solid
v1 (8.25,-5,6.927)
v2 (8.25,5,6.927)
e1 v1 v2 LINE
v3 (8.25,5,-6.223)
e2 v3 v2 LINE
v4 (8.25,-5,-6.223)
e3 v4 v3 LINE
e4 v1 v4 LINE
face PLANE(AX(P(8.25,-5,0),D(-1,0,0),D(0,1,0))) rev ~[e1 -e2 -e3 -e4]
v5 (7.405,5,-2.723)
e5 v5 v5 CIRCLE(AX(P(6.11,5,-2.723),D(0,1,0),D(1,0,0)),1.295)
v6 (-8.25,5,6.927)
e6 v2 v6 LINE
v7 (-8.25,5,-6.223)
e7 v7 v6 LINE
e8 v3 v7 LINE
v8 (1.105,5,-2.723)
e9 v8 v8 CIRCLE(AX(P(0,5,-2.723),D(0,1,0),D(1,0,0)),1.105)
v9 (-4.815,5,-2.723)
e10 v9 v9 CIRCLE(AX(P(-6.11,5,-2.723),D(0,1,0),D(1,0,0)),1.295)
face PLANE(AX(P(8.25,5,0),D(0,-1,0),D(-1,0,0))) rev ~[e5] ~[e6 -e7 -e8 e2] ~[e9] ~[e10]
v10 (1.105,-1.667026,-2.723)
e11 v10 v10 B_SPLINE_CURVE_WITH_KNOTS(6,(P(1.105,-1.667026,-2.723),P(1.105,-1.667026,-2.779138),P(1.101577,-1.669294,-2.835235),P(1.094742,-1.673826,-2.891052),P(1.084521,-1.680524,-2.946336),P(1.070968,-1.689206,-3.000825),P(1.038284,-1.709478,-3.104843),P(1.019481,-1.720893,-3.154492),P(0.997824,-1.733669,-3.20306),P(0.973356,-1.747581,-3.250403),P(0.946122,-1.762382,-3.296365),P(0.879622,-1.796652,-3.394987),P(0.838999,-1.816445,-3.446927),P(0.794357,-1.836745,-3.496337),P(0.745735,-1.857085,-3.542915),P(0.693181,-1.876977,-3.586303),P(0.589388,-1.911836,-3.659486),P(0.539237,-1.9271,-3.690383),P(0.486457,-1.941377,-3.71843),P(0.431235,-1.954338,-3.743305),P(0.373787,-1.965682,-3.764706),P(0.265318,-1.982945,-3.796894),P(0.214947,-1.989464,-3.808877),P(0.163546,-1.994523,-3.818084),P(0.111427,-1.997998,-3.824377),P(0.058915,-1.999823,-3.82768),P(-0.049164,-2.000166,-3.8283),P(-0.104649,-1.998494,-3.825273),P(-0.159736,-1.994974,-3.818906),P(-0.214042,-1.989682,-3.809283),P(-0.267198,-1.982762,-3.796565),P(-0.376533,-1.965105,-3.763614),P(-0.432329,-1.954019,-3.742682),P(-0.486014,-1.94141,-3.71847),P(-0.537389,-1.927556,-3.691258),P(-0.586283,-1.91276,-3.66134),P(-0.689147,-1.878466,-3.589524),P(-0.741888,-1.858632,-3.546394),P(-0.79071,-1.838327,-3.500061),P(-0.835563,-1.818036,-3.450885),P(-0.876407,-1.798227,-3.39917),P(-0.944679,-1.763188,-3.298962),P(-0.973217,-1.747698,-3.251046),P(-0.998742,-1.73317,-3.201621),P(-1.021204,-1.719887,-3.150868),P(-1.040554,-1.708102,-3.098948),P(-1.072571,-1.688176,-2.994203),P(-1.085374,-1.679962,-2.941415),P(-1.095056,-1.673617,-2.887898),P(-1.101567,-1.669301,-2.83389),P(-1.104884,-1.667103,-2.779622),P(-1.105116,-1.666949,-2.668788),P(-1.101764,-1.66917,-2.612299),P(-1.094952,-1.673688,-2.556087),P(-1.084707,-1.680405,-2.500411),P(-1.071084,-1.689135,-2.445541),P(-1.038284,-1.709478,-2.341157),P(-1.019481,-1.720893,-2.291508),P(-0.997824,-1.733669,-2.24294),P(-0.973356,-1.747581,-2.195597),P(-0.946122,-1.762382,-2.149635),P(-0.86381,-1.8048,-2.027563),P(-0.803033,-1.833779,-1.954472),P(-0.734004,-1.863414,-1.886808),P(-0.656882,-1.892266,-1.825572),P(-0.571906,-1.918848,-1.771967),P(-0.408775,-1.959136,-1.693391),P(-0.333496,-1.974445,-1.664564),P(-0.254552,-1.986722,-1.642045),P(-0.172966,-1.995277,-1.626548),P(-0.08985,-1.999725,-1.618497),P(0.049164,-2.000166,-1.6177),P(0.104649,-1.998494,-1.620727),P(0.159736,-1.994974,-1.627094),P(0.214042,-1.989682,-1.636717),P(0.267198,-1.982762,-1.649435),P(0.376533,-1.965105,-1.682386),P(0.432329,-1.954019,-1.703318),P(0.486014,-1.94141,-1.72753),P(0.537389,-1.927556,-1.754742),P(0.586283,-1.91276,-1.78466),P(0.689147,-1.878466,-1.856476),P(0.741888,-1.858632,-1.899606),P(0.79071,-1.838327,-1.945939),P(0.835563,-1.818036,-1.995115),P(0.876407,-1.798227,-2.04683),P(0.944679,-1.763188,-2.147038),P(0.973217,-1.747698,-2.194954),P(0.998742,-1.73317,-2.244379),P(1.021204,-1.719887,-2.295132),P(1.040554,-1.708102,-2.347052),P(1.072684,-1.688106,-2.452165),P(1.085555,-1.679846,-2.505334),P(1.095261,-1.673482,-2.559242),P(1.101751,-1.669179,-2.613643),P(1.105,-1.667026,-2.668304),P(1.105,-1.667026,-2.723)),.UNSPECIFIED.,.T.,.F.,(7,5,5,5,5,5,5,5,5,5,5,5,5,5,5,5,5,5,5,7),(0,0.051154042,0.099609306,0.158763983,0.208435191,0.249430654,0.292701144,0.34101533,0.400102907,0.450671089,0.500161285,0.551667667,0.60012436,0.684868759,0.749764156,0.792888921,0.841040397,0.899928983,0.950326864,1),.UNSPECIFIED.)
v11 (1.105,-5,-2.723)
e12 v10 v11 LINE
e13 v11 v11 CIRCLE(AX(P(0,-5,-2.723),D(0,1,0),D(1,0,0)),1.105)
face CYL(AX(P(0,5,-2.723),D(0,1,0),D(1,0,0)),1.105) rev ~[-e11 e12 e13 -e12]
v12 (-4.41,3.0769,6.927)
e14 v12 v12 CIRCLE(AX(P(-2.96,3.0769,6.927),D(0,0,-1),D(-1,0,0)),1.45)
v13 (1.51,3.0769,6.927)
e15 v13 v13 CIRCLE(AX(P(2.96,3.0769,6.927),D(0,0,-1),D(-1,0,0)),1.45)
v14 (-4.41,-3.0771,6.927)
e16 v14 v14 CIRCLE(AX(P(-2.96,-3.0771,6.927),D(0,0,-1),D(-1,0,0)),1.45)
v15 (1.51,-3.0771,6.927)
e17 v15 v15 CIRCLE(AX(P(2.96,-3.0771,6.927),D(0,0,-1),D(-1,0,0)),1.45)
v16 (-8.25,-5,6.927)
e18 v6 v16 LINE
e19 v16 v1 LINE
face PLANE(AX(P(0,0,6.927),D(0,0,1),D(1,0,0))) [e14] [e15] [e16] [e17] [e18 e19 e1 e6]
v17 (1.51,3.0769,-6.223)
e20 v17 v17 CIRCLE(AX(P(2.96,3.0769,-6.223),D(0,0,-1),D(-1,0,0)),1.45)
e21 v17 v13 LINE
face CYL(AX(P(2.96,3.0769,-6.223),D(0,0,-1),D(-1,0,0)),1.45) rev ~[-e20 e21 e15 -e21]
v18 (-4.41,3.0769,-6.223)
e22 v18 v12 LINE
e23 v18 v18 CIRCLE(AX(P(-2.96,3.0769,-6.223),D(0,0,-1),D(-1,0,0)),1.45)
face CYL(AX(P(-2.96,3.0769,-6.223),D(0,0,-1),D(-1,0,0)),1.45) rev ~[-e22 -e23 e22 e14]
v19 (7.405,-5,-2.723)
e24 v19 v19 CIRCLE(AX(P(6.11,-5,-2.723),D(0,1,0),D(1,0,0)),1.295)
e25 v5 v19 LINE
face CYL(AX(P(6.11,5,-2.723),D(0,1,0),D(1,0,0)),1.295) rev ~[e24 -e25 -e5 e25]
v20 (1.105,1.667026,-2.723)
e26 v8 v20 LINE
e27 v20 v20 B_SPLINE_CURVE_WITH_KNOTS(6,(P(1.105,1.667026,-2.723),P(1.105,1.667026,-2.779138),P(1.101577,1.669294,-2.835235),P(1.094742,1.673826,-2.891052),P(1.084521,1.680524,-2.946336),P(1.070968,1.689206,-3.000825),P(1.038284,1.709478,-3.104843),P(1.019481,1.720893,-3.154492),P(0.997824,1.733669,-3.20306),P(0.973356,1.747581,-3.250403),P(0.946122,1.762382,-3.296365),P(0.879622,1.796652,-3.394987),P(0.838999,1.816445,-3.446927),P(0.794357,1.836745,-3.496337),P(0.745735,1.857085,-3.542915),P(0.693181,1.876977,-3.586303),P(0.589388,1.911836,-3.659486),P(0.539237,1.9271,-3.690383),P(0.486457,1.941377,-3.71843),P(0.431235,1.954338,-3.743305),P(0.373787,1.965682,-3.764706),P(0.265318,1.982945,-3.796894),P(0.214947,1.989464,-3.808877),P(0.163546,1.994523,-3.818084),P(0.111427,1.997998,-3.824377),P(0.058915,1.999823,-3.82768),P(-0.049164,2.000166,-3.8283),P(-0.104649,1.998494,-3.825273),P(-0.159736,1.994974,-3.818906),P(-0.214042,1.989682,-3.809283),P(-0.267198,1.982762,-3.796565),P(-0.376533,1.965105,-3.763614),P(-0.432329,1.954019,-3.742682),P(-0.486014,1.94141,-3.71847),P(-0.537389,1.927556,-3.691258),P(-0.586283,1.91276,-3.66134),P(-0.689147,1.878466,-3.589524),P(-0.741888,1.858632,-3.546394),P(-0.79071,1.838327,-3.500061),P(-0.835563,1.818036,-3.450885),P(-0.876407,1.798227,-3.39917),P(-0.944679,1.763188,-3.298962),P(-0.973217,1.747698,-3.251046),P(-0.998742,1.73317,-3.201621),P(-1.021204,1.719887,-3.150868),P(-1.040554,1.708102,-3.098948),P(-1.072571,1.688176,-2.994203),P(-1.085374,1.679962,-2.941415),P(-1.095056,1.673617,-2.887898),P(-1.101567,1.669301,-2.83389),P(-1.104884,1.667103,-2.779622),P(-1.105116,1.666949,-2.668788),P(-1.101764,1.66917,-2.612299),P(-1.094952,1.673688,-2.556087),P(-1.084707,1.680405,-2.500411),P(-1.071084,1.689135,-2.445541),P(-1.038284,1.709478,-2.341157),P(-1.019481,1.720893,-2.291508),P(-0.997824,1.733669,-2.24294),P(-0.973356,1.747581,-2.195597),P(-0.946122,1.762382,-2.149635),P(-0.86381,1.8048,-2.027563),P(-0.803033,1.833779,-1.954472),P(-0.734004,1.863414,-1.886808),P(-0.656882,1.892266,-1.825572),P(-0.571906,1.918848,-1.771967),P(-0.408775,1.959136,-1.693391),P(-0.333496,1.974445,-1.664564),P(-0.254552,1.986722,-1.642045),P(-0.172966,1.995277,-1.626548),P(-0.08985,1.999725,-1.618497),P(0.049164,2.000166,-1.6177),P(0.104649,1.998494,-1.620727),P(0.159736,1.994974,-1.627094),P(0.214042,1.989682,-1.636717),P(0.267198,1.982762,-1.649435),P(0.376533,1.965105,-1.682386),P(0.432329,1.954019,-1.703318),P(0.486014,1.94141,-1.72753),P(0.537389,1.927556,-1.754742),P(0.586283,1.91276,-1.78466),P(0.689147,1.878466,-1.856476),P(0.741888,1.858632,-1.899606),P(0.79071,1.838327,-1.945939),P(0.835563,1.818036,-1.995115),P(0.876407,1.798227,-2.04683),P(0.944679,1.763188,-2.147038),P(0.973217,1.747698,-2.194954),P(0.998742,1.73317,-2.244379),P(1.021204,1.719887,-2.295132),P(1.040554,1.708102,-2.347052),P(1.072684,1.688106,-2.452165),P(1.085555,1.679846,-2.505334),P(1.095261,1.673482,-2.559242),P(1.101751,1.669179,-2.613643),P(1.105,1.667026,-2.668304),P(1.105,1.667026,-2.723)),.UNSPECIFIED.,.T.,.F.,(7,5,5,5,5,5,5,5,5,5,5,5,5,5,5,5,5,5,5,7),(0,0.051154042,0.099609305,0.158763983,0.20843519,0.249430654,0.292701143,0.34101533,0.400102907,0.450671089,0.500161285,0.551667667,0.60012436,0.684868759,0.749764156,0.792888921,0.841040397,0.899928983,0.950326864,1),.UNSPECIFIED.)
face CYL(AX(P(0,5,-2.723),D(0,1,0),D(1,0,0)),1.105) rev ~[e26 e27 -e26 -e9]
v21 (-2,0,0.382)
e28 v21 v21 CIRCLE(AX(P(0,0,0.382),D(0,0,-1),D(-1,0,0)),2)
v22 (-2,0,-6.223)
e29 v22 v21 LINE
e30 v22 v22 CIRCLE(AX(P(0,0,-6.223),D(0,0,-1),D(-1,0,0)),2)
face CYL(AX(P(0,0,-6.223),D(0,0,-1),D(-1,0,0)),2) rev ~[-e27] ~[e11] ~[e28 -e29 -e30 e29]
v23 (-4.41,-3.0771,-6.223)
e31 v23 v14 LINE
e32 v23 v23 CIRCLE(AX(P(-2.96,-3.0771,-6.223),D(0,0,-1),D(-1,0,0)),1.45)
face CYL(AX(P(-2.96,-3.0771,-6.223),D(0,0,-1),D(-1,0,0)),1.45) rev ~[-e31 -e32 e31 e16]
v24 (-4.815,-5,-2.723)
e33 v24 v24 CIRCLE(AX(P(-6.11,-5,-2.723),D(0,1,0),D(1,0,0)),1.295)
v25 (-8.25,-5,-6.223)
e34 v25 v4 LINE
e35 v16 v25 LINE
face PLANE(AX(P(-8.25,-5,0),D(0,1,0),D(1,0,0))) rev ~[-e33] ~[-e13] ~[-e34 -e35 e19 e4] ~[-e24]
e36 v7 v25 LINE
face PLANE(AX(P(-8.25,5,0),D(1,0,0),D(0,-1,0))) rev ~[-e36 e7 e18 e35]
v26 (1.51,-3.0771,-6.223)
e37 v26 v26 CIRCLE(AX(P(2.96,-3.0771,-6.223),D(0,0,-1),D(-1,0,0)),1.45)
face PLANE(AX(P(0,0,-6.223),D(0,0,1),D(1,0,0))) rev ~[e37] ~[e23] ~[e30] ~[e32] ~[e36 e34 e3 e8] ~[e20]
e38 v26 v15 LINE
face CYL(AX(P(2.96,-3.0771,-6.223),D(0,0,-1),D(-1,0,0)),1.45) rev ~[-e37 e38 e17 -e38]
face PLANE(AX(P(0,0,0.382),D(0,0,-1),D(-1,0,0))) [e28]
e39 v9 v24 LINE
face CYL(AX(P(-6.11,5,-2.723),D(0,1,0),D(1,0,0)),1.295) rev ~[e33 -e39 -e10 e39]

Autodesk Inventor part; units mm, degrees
ref_plane "YZ Plane" through (0, 0, 0) normal (1, 0, 0) x (0, 1, 0)
ref_plane "XZ Plane" through (0, 0, 0) normal (0, 1, 0) x (-1, 0, 0)
ref_plane "XY Plane" through (0, 0, 0) normal (0, 0, 1) x (1, 0, 0)
sketch "Sketch1" plane through (0, 0, 0) normal (0, 0, 1) x (1, 0, 0)
  line L0 (8.25, 5) -> (-8.25, 5)
  line L1 (-8.25, 5) -> (-8.25, -5)
  line L2 (-8.25, -5) -> (8.25, -5)
  line L3 (8.25, -5) -> (8.25, 5)
  point P0 (0, 0)
  dimension "d19" = 10
  dimension "d36" = 16.5
  dimension "d37" = 5
extrude "Box" add sketch "Sketch1" along normal blind 6.927 and the other way blind 6.223
sketch "Sketch3" plane through (0, 0, -6.223) normal (0, 0, -1) x (-1, 0, 0)
  line L0 (-5.08, 0) -> (5.08, 0) construction
  line L1 (-4.75, 0) -> (4.75, 0) construction
  circle A0 centre (0, 0) radius 2
  dimension "d35" = 4
extrude "Slot" cut sketch "Sketch3" against normal blind 6.605
sketch "Sketch4" plane through (0, 0, -6.223) normal (0, 0, -1) x (-1, 0, 0)
  circle A0 centre (-2.96, 3.0769) radius 1.45
  line L0 (8.25, 5) -> (-8.25, 5) projected
  circle A1 centre (0, 0) radius 2 projected
  line L1 (-8.25, 5) -> (-8.25, -5) projected
  dimension "d32" = 2.9
  dimension "d34" = 1.9231
  dimension "d39" = 5.29
  dimension "d40" = 5
extrude "MountingHole" cut sketch "Sketch4" against normal blind 15 contours A0
pattern_linear "Mounting Holes" count 2 spacing 5.92 along (-1, 0, 0) count 2 spacing 6.154 along (0, -1, 0) of "MountingHole"
sketch "Sketch6" plane through (-8.25, 5, 6.927) normal (0, 1, 0) x (1, 0, 0)
  circle A0 centre (8.25, 9.65) radius 1.105
  line L0 (0, 13.15) -> (16.5, 13.15) projected
  dimension "d20" = 2.21
  dimension "d46" = 3.5
extrude "CentralSMAHole" cut sketch "Sketch6" against normal blind 12
sketch "Sketch8" plane through (-8.25, 5, 6.927) normal (0, 1, 0) x (1, 0, 0)
  circle A0 centre (14.36, 9.65) radius 1.295
  line L0 (0, 13.15) -> (16.5, 13.15) projected
  dimension "d23" = 2.59
  dimension "d45" = 3.5
extrude "SMAMounting" cut sketch "Sketch8" against normal blind 12
pattern_linear "SMAMountingHoles" count 2 spacing 12.22 along (-1, 0, 0) of "SMAMounting"
equation "\"d37\" = 0.5 * d19"
equation "\"d34\" = 0.384615 * d40"
properties part number "NewSinkV4"
